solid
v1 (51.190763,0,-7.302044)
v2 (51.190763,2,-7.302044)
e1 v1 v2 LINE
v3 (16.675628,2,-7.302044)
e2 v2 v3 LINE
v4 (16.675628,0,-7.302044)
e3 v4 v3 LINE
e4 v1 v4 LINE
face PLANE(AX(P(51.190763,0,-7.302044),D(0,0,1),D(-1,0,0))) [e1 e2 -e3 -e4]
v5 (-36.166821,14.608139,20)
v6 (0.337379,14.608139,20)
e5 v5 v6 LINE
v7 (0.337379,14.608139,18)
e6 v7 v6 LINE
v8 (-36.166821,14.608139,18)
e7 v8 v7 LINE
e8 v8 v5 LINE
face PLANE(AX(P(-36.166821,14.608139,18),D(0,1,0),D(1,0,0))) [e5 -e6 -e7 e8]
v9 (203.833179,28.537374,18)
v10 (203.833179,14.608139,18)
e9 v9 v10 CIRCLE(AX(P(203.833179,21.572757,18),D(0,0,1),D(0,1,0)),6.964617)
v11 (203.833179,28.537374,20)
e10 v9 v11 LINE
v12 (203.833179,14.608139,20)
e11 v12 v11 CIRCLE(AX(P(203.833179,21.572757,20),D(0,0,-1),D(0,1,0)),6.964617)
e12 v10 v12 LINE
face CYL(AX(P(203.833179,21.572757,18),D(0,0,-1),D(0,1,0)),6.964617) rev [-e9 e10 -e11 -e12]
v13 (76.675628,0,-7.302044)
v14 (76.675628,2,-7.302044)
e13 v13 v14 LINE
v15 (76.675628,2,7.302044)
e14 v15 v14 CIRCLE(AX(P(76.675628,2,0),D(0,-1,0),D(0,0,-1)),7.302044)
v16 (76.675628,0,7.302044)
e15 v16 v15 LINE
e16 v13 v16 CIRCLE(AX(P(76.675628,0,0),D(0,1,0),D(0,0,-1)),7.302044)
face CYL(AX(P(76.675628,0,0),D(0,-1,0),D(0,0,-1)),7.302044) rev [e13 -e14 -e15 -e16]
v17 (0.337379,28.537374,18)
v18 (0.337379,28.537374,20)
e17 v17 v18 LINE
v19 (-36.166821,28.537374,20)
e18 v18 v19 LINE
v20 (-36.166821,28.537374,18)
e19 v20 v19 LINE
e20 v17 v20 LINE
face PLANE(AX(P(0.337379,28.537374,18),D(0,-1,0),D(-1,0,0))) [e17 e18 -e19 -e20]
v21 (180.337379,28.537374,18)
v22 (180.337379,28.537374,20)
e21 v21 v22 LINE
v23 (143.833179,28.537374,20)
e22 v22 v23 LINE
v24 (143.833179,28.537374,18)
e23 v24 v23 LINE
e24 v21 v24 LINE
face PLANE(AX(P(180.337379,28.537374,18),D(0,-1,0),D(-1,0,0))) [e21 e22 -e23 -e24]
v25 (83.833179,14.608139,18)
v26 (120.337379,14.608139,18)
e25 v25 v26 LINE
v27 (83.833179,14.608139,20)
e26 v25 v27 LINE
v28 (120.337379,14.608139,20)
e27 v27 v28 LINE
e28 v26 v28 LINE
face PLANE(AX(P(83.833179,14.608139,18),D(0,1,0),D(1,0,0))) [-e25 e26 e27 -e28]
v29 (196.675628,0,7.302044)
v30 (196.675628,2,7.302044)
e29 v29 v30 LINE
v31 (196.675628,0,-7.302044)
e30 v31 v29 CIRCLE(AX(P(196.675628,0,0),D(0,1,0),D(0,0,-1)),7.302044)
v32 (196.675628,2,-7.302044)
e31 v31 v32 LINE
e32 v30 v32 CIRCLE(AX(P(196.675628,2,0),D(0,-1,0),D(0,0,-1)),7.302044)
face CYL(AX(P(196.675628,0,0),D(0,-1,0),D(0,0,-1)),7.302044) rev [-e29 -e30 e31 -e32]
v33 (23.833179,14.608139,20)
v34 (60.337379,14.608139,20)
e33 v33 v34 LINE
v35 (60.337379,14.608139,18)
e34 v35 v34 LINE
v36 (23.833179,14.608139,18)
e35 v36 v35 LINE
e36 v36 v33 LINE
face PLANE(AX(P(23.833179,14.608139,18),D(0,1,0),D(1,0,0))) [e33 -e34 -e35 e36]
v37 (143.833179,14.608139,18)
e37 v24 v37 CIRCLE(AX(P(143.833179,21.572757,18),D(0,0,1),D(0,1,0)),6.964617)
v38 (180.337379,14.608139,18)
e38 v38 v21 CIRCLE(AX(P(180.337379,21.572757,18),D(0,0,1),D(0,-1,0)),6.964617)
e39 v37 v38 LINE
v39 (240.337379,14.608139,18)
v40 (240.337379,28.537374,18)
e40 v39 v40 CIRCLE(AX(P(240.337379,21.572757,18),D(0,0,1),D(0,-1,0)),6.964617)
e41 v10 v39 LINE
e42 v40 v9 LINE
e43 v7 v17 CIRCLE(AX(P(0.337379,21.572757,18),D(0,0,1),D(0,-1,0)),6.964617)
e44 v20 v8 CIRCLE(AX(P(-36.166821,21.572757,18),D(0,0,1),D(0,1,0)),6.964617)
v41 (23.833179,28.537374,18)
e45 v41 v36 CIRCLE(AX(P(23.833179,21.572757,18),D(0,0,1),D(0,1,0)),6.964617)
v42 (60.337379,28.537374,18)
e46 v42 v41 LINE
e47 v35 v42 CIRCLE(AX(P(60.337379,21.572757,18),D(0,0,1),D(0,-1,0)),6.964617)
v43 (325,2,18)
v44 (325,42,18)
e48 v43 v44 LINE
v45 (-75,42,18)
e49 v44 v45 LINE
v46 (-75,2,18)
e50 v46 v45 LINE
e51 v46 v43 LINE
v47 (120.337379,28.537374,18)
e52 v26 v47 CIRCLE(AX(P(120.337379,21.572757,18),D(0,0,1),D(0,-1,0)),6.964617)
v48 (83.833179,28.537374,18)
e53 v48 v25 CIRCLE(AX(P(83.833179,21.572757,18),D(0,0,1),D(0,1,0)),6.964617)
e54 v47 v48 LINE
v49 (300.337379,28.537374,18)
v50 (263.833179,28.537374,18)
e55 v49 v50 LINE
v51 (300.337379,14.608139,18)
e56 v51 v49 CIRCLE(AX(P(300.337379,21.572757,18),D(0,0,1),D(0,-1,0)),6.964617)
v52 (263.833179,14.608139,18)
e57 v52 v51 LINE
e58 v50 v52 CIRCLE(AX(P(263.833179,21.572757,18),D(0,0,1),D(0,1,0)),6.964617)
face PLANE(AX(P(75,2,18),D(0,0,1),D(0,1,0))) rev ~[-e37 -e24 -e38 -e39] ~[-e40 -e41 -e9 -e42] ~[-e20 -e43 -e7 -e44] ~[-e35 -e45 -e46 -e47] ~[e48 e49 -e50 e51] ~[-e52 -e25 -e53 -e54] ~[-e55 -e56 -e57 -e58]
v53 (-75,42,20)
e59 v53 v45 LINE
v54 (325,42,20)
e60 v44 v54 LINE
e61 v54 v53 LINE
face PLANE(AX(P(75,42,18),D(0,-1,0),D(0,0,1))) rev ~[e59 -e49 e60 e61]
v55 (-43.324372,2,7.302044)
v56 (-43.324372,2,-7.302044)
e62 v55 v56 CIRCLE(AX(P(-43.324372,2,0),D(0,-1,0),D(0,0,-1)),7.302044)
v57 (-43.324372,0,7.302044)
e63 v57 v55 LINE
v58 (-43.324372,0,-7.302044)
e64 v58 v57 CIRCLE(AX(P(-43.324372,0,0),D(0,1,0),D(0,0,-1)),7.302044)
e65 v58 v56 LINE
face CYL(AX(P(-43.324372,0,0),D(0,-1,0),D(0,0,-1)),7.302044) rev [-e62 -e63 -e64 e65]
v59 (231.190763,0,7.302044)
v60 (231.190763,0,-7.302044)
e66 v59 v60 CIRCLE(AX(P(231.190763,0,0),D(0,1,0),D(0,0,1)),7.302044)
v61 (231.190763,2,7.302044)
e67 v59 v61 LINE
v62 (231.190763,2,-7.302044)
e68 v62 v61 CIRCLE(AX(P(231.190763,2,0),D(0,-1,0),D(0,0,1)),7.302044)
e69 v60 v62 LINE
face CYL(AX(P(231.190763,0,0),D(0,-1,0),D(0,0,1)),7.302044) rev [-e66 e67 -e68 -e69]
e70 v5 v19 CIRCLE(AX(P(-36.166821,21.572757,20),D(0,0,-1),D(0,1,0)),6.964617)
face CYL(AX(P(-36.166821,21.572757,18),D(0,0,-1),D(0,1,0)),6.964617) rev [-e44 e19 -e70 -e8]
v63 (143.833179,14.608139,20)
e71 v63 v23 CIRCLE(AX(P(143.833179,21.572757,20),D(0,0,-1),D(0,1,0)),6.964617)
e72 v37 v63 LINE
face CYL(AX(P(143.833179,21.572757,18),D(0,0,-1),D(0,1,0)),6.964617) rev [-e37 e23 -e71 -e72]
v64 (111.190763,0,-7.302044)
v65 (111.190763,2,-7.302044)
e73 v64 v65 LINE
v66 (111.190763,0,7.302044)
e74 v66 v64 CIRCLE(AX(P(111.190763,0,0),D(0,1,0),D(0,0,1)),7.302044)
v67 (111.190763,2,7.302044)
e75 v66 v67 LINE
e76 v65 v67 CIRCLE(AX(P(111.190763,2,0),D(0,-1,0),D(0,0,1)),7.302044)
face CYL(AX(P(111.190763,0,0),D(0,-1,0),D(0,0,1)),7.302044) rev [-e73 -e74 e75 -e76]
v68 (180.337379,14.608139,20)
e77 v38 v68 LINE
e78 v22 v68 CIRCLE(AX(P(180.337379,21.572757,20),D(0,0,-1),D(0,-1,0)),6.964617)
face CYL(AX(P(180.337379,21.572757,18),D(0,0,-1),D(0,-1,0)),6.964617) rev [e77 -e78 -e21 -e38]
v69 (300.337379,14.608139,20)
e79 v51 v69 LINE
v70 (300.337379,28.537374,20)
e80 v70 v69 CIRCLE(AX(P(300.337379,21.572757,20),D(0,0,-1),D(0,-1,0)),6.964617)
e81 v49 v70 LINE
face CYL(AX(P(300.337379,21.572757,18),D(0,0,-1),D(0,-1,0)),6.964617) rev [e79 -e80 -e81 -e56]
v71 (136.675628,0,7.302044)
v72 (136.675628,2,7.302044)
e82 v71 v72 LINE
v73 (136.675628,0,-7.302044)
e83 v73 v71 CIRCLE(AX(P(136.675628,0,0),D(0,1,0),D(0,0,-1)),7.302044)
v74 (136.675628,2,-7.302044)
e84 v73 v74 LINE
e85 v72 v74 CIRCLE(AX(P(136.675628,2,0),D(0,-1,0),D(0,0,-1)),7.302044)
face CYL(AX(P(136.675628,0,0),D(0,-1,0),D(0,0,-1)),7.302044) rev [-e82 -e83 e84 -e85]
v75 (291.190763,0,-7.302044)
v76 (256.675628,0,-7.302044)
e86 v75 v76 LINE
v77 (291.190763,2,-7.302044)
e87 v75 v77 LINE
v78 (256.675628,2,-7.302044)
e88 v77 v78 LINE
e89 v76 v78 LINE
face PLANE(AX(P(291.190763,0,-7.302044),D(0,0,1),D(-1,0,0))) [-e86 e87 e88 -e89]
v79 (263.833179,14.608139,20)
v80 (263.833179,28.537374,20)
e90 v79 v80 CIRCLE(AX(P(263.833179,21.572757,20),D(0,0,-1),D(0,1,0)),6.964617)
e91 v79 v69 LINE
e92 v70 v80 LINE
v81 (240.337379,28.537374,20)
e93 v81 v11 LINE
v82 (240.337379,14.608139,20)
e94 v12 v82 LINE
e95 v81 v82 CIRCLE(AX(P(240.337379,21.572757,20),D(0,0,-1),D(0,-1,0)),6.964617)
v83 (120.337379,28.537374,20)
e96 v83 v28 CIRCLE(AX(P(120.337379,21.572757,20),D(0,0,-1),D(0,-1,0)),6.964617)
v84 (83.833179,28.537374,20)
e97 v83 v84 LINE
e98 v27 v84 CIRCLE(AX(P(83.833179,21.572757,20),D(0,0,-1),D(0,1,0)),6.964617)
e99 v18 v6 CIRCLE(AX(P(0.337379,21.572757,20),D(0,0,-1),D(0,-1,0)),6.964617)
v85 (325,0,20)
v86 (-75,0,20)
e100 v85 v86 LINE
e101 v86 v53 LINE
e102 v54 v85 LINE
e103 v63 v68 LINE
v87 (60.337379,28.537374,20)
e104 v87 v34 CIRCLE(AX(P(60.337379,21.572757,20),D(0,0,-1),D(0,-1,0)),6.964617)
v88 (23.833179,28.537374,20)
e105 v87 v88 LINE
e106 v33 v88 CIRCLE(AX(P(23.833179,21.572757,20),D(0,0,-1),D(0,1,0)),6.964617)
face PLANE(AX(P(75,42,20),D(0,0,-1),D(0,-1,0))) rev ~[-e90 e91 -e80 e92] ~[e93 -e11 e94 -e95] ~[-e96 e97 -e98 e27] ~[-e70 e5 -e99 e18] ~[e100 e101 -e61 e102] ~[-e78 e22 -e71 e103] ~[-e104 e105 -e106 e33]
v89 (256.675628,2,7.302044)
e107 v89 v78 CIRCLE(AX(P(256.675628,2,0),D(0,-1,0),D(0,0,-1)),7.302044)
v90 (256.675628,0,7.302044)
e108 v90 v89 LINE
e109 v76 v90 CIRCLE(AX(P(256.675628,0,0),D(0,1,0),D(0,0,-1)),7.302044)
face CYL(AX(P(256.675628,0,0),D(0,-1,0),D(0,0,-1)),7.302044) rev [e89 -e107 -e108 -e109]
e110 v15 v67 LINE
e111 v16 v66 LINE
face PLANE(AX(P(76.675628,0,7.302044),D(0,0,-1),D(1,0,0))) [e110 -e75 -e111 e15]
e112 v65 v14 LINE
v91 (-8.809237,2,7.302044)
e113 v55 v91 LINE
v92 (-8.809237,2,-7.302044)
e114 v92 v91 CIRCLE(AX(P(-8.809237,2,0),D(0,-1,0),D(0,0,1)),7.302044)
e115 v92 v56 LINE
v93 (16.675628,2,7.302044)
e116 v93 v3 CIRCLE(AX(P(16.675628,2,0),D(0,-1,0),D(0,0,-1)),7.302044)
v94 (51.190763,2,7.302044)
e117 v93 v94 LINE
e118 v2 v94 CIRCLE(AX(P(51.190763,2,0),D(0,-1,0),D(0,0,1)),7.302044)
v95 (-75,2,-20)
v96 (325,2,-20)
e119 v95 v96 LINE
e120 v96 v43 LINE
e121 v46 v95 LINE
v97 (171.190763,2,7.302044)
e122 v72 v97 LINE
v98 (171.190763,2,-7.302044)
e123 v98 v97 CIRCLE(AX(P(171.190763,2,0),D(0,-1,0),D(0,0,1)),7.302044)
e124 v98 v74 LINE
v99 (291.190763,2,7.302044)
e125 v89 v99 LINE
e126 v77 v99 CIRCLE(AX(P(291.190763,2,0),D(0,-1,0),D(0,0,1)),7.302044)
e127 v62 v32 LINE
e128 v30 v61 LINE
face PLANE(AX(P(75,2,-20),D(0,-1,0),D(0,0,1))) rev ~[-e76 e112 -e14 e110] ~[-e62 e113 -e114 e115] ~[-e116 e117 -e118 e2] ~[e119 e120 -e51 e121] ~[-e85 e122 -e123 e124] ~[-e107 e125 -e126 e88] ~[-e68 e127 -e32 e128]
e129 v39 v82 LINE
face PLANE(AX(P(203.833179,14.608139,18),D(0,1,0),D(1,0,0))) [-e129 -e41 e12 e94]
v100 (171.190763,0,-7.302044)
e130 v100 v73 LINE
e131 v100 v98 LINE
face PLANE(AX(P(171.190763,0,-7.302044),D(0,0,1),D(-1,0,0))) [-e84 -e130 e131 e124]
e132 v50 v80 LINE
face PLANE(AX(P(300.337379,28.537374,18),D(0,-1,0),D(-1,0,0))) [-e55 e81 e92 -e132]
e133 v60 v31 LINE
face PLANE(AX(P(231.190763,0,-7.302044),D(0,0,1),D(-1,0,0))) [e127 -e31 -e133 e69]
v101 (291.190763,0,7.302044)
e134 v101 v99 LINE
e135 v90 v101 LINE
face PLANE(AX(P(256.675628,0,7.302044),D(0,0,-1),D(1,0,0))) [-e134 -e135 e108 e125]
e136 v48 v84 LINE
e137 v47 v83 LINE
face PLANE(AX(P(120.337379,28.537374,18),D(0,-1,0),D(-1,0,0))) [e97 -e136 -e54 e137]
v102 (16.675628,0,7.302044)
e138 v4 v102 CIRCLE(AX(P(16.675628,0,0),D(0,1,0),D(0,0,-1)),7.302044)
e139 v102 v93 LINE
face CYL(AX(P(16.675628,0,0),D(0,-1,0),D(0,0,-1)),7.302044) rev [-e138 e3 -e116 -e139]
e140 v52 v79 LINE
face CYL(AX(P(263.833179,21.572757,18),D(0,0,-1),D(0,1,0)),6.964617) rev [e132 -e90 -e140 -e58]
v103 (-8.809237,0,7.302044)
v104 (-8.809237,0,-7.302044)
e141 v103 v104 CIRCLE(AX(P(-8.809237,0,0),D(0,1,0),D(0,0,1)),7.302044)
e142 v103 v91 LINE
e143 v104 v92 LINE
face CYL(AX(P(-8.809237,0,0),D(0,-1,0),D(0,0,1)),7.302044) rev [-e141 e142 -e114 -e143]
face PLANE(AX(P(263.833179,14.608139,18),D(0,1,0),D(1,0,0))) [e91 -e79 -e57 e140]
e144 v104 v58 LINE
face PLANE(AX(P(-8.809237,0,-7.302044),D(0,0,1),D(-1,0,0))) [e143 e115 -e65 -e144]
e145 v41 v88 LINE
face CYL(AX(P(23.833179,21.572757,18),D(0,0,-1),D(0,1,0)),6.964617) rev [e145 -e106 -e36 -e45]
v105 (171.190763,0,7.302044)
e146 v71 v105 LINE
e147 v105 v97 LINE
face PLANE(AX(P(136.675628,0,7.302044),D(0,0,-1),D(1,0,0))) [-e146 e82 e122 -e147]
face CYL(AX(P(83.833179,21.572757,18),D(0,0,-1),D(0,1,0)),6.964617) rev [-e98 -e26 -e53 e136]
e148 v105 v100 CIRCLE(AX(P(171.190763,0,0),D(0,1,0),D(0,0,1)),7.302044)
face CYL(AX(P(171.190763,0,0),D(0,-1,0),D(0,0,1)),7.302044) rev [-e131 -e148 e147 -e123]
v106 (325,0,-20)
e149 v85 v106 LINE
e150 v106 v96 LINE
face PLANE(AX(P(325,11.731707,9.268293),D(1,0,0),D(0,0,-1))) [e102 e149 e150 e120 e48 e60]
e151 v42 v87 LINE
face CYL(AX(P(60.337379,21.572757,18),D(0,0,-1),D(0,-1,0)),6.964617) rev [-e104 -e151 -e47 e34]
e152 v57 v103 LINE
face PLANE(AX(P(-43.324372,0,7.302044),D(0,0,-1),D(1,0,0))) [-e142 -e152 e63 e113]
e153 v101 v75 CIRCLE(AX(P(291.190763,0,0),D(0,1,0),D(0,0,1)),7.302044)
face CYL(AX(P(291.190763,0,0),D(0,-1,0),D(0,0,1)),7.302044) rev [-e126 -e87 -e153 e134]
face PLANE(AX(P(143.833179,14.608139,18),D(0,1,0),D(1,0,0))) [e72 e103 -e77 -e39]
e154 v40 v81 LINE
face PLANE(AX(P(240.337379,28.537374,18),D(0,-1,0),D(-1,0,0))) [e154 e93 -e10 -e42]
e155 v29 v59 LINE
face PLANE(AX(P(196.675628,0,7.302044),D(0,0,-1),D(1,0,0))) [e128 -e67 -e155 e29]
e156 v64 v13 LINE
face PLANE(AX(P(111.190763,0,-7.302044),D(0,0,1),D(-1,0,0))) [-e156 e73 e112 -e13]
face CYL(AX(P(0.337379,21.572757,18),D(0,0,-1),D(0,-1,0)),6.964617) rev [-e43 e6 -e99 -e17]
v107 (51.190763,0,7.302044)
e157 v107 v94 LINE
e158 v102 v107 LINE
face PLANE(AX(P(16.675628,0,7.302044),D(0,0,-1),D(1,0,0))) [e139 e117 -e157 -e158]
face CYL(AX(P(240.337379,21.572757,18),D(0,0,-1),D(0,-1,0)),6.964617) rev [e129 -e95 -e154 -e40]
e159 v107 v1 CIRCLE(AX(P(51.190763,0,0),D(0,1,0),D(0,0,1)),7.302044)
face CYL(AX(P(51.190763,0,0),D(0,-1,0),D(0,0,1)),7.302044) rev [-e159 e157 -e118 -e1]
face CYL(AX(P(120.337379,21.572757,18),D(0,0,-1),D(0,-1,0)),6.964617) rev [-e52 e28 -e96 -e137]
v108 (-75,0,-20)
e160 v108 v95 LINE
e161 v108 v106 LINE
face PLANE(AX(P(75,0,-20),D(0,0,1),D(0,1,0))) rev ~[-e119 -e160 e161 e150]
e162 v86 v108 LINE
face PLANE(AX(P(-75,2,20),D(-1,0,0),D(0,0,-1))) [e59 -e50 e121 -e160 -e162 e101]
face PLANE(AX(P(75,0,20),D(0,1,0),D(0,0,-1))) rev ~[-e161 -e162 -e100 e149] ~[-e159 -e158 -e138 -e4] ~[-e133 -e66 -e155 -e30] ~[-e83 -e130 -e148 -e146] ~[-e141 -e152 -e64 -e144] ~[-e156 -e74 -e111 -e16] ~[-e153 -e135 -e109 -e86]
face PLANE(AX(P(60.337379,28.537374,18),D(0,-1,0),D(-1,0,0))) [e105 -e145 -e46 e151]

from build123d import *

# Parameters (mm, degrees)
SKETCH1_W           = 150
SKETCH1_H           = 40
BOSS_EXTRUDE1_DEPTH = 2
SKETCH2_W           = 150
SKETCH2_H           = 2
BOSS_EXTRUDE2_DEPTH = 40
BOSS_EXTRUDE3_DEPTH = 250
CUT_EXTRUDE1_DEPTH  = 10
CUT_EXTRUDE2_DEPTH  = 10


with BuildPart() as part:
    # Sketch1 → Boss-Extrude1 (new body)
    with BuildSketch(Plane(origin=(0, 0, 0), x_dir=(1, 0, 0), z_dir=(0, 1, 0))):
        Rectangle(SKETCH1_W, SKETCH1_H)
    extrude(amount=BOSS_EXTRUDE1_DEPTH)

    # Sketch2 → Boss-Extrude2 (add)
    with BuildSketch(Plane(origin=(0, 2, 0), x_dir=(1, 0, 0), z_dir=(0, 1, 0))):
        with Locations((0, -19)):
            Rectangle(SKETCH2_W, SKETCH2_H)
    extrude(amount=BOSS_EXTRUDE2_DEPTH)

    # Sketch5 → Boss-Extrude3 (add)
    with BuildSketch(Plane(origin=(75, 0, 0), x_dir=(0, 0, -1), z_dir=(1, 0, 0))):
        Polygon((-20, 0), (20, 0), (20, 2), (-18, 2), (-18, 42), (-20, 42), align=None)
    extrude(amount=BOSS_EXTRUDE3_DEPTH)

    # Sketch6 → Cut-Extrude1 (cut)
    with BuildSketch(Plane(origin=(0, 0, 18), x_dir=(-1, 0, 0), z_dir=(0, 0, -1))):
        with BuildLine():
            Line((-240.33737868, 28.537373621), (-203.83317873, 28.537373621))
            ThreePointArc((-203.83317873, 28.537373621), (-196.868561634, 21.572756525), (-203.83317873, 14.60813943))
            Line((-203.83317873, 14.60813943), (-240.33737868, 14.60813943))
            ThreePointArc((-240.33737868, 14.60813943), (-247.301995776, 21.572756525), (-240.33737868, 28.537373621))
        make_face()
        with BuildLine():
            Line((-300.33737868, 28.537373621), (-263.83317873, 28.537373621))
            ThreePointArc((-263.83317873, 28.537373621), (-256.868561634, 21.572756525), (-263.83317873, 14.60813943))
            Line((-263.83317873, 14.60813943), (-300.33737868, 14.60813943))
            ThreePointArc((-300.33737868, 14.60813943), (-307.301995776, 21.572756525), (-300.33737868, 28.537373621))
        make_face()
        with BuildLine():
            Line((-180.33737868, 28.537373621), (-143.83317873, 28.537373621))
            ThreePointArc((-143.83317873, 28.537373621), (-136.868561634, 21.572756525), (-143.83317873, 14.60813943))
            Line((-143.83317873, 14.60813943), (-180.33737868, 14.60813943))
            ThreePointArc((-180.33737868, 14.60813943), (-187.301995776, 21.572756525), (-180.33737868, 28.537373621))
        make_face()
        with BuildLine():
            Line((-120.33737868, 28.537373621), (-83.83317873, 28.537373621))
            ThreePointArc((-83.83317873, 28.537373621), (-76.868561634, 21.572756525), (-83.83317873, 14.60813943))
            Line((-83.83317873, 14.60813943), (-120.33737868, 14.60813943))
            ThreePointArc((-120.33737868, 14.60813943), (-127.301995776, 21.572756525), (-120.33737868, 28.537373621))
        make_face()
        with BuildLine():
            Line((-60.33737868, 28.537373621), (-23.83317873, 28.537373621))
            ThreePointArc((-23.83317873, 28.537373621), (-16.868561634, 21.572756525), (-23.83317873, 14.60813943))
            Line((-23.83317873, 14.60813943), (-60.33737868, 14.60813943))
            ThreePointArc((-60.33737868, 14.60813943), (-67.301995776, 21.572756525), (-60.33737868, 28.537373621))
        make_face()
        with BuildLine():
            Line((-0.33737868, 28.537373621), (36.16682127, 28.537373621))
            ThreePointArc((36.16682127, 28.537373621), (43.131438366, 21.572756525), (36.16682127, 14.60813943))
            Line((36.16682127, 14.60813943), (-0.33737868, 14.60813943))
            ThreePointArc((-0.33737868, 14.60813943), (-7.301995776, 21.572756525), (-0.33737868, 28.537373621))
        make_face()
    extrude(amount=-CUT_EXTRUDE1_DEPTH, mode=Mode.SUBTRACT)

    # Sketch7 → Cut-Extrude2 (cut)
    with BuildSketch(Plane.XZ):
        with BuildLine():
            Line((16.675627825, 7.30204443), (51.190762774, 7.30204443))
            ThreePointArc((51.190762774, 7.30204443), (58.492807205, 0), (51.190762774, -7.30204443))
            Line((51.190762774, -7.30204443), (16.675627825, -7.30204443))
            ThreePointArc((16.675627825, -7.30204443), (9.373583394, 0), (16.675627825, 7.30204443))
        make_face()
        with BuildLine():
            Line((-43.324372175, 7.30204443), (-8.809237226, 7.30204443))
            ThreePointArc((-8.809237226, 7.30204443), (-1.507192795, 0), (-8.809237226, -7.30204443))
            Line((-8.809237226, -7.30204443), (-43.324372175, -7.30204443))
            ThreePointArc((-43.324372175, -7.30204443), (-50.626416606, 0), (-43.324372175, 7.30204443))
        make_face()
        with BuildLine():
            Line((76.675627825, 7.30204443), (111.190762774, 7.30204443))
            ThreePointArc((111.190762774, 7.30204443), (118.492807205, 0), (111.190762774, -7.30204443))
            Line((111.190762774, -7.30204443), (76.675627825, -7.30204443))
            ThreePointArc((76.675627825, -7.30204443), (69.373583394, 0), (76.675627825, 7.30204443))
        make_face()
        with BuildLine():
            Line((136.675627825, 7.30204443), (171.190762774, 7.30204443))
            ThreePointArc((171.190762774, 7.30204443), (178.492807205, 0), (171.190762774, -7.30204443))
            Line((171.190762774, -7.30204443), (136.675627825, -7.30204443))
            ThreePointArc((136.675627825, -7.30204443), (129.373583394, 0), (136.675627825, 7.30204443))
        make_face()
        with BuildLine():
            Line((196.675627825, 7.30204443), (231.190762774, 7.30204443))
            ThreePointArc((231.190762774, 7.30204443), (238.492807205, 0), (231.190762774, -7.30204443))
            Line((231.190762774, -7.30204443), (196.675627825, -7.30204443))
            ThreePointArc((196.675627825, -7.30204443), (189.373583394, 0), (196.675627825, 7.30204443))
        make_face()
        with BuildLine():
            Line((256.675627825, 7.30204443), (291.190762774, 7.30204443))
            ThreePointArc((291.190762774, 7.30204443), (298.492807205, 0), (291.190762774, -7.30204443))
            Line((291.190762774, -7.30204443), (256.675627825, -7.30204443))
            ThreePointArc((256.675627825, -7.30204443), (249.373583394, 0), (256.675627825, 7.30204443))
        make_face()
    extrude(amount=-CUT_EXTRUDE2_DEPTH, mode=Mode.SUBTRACT)


solid = part.part
